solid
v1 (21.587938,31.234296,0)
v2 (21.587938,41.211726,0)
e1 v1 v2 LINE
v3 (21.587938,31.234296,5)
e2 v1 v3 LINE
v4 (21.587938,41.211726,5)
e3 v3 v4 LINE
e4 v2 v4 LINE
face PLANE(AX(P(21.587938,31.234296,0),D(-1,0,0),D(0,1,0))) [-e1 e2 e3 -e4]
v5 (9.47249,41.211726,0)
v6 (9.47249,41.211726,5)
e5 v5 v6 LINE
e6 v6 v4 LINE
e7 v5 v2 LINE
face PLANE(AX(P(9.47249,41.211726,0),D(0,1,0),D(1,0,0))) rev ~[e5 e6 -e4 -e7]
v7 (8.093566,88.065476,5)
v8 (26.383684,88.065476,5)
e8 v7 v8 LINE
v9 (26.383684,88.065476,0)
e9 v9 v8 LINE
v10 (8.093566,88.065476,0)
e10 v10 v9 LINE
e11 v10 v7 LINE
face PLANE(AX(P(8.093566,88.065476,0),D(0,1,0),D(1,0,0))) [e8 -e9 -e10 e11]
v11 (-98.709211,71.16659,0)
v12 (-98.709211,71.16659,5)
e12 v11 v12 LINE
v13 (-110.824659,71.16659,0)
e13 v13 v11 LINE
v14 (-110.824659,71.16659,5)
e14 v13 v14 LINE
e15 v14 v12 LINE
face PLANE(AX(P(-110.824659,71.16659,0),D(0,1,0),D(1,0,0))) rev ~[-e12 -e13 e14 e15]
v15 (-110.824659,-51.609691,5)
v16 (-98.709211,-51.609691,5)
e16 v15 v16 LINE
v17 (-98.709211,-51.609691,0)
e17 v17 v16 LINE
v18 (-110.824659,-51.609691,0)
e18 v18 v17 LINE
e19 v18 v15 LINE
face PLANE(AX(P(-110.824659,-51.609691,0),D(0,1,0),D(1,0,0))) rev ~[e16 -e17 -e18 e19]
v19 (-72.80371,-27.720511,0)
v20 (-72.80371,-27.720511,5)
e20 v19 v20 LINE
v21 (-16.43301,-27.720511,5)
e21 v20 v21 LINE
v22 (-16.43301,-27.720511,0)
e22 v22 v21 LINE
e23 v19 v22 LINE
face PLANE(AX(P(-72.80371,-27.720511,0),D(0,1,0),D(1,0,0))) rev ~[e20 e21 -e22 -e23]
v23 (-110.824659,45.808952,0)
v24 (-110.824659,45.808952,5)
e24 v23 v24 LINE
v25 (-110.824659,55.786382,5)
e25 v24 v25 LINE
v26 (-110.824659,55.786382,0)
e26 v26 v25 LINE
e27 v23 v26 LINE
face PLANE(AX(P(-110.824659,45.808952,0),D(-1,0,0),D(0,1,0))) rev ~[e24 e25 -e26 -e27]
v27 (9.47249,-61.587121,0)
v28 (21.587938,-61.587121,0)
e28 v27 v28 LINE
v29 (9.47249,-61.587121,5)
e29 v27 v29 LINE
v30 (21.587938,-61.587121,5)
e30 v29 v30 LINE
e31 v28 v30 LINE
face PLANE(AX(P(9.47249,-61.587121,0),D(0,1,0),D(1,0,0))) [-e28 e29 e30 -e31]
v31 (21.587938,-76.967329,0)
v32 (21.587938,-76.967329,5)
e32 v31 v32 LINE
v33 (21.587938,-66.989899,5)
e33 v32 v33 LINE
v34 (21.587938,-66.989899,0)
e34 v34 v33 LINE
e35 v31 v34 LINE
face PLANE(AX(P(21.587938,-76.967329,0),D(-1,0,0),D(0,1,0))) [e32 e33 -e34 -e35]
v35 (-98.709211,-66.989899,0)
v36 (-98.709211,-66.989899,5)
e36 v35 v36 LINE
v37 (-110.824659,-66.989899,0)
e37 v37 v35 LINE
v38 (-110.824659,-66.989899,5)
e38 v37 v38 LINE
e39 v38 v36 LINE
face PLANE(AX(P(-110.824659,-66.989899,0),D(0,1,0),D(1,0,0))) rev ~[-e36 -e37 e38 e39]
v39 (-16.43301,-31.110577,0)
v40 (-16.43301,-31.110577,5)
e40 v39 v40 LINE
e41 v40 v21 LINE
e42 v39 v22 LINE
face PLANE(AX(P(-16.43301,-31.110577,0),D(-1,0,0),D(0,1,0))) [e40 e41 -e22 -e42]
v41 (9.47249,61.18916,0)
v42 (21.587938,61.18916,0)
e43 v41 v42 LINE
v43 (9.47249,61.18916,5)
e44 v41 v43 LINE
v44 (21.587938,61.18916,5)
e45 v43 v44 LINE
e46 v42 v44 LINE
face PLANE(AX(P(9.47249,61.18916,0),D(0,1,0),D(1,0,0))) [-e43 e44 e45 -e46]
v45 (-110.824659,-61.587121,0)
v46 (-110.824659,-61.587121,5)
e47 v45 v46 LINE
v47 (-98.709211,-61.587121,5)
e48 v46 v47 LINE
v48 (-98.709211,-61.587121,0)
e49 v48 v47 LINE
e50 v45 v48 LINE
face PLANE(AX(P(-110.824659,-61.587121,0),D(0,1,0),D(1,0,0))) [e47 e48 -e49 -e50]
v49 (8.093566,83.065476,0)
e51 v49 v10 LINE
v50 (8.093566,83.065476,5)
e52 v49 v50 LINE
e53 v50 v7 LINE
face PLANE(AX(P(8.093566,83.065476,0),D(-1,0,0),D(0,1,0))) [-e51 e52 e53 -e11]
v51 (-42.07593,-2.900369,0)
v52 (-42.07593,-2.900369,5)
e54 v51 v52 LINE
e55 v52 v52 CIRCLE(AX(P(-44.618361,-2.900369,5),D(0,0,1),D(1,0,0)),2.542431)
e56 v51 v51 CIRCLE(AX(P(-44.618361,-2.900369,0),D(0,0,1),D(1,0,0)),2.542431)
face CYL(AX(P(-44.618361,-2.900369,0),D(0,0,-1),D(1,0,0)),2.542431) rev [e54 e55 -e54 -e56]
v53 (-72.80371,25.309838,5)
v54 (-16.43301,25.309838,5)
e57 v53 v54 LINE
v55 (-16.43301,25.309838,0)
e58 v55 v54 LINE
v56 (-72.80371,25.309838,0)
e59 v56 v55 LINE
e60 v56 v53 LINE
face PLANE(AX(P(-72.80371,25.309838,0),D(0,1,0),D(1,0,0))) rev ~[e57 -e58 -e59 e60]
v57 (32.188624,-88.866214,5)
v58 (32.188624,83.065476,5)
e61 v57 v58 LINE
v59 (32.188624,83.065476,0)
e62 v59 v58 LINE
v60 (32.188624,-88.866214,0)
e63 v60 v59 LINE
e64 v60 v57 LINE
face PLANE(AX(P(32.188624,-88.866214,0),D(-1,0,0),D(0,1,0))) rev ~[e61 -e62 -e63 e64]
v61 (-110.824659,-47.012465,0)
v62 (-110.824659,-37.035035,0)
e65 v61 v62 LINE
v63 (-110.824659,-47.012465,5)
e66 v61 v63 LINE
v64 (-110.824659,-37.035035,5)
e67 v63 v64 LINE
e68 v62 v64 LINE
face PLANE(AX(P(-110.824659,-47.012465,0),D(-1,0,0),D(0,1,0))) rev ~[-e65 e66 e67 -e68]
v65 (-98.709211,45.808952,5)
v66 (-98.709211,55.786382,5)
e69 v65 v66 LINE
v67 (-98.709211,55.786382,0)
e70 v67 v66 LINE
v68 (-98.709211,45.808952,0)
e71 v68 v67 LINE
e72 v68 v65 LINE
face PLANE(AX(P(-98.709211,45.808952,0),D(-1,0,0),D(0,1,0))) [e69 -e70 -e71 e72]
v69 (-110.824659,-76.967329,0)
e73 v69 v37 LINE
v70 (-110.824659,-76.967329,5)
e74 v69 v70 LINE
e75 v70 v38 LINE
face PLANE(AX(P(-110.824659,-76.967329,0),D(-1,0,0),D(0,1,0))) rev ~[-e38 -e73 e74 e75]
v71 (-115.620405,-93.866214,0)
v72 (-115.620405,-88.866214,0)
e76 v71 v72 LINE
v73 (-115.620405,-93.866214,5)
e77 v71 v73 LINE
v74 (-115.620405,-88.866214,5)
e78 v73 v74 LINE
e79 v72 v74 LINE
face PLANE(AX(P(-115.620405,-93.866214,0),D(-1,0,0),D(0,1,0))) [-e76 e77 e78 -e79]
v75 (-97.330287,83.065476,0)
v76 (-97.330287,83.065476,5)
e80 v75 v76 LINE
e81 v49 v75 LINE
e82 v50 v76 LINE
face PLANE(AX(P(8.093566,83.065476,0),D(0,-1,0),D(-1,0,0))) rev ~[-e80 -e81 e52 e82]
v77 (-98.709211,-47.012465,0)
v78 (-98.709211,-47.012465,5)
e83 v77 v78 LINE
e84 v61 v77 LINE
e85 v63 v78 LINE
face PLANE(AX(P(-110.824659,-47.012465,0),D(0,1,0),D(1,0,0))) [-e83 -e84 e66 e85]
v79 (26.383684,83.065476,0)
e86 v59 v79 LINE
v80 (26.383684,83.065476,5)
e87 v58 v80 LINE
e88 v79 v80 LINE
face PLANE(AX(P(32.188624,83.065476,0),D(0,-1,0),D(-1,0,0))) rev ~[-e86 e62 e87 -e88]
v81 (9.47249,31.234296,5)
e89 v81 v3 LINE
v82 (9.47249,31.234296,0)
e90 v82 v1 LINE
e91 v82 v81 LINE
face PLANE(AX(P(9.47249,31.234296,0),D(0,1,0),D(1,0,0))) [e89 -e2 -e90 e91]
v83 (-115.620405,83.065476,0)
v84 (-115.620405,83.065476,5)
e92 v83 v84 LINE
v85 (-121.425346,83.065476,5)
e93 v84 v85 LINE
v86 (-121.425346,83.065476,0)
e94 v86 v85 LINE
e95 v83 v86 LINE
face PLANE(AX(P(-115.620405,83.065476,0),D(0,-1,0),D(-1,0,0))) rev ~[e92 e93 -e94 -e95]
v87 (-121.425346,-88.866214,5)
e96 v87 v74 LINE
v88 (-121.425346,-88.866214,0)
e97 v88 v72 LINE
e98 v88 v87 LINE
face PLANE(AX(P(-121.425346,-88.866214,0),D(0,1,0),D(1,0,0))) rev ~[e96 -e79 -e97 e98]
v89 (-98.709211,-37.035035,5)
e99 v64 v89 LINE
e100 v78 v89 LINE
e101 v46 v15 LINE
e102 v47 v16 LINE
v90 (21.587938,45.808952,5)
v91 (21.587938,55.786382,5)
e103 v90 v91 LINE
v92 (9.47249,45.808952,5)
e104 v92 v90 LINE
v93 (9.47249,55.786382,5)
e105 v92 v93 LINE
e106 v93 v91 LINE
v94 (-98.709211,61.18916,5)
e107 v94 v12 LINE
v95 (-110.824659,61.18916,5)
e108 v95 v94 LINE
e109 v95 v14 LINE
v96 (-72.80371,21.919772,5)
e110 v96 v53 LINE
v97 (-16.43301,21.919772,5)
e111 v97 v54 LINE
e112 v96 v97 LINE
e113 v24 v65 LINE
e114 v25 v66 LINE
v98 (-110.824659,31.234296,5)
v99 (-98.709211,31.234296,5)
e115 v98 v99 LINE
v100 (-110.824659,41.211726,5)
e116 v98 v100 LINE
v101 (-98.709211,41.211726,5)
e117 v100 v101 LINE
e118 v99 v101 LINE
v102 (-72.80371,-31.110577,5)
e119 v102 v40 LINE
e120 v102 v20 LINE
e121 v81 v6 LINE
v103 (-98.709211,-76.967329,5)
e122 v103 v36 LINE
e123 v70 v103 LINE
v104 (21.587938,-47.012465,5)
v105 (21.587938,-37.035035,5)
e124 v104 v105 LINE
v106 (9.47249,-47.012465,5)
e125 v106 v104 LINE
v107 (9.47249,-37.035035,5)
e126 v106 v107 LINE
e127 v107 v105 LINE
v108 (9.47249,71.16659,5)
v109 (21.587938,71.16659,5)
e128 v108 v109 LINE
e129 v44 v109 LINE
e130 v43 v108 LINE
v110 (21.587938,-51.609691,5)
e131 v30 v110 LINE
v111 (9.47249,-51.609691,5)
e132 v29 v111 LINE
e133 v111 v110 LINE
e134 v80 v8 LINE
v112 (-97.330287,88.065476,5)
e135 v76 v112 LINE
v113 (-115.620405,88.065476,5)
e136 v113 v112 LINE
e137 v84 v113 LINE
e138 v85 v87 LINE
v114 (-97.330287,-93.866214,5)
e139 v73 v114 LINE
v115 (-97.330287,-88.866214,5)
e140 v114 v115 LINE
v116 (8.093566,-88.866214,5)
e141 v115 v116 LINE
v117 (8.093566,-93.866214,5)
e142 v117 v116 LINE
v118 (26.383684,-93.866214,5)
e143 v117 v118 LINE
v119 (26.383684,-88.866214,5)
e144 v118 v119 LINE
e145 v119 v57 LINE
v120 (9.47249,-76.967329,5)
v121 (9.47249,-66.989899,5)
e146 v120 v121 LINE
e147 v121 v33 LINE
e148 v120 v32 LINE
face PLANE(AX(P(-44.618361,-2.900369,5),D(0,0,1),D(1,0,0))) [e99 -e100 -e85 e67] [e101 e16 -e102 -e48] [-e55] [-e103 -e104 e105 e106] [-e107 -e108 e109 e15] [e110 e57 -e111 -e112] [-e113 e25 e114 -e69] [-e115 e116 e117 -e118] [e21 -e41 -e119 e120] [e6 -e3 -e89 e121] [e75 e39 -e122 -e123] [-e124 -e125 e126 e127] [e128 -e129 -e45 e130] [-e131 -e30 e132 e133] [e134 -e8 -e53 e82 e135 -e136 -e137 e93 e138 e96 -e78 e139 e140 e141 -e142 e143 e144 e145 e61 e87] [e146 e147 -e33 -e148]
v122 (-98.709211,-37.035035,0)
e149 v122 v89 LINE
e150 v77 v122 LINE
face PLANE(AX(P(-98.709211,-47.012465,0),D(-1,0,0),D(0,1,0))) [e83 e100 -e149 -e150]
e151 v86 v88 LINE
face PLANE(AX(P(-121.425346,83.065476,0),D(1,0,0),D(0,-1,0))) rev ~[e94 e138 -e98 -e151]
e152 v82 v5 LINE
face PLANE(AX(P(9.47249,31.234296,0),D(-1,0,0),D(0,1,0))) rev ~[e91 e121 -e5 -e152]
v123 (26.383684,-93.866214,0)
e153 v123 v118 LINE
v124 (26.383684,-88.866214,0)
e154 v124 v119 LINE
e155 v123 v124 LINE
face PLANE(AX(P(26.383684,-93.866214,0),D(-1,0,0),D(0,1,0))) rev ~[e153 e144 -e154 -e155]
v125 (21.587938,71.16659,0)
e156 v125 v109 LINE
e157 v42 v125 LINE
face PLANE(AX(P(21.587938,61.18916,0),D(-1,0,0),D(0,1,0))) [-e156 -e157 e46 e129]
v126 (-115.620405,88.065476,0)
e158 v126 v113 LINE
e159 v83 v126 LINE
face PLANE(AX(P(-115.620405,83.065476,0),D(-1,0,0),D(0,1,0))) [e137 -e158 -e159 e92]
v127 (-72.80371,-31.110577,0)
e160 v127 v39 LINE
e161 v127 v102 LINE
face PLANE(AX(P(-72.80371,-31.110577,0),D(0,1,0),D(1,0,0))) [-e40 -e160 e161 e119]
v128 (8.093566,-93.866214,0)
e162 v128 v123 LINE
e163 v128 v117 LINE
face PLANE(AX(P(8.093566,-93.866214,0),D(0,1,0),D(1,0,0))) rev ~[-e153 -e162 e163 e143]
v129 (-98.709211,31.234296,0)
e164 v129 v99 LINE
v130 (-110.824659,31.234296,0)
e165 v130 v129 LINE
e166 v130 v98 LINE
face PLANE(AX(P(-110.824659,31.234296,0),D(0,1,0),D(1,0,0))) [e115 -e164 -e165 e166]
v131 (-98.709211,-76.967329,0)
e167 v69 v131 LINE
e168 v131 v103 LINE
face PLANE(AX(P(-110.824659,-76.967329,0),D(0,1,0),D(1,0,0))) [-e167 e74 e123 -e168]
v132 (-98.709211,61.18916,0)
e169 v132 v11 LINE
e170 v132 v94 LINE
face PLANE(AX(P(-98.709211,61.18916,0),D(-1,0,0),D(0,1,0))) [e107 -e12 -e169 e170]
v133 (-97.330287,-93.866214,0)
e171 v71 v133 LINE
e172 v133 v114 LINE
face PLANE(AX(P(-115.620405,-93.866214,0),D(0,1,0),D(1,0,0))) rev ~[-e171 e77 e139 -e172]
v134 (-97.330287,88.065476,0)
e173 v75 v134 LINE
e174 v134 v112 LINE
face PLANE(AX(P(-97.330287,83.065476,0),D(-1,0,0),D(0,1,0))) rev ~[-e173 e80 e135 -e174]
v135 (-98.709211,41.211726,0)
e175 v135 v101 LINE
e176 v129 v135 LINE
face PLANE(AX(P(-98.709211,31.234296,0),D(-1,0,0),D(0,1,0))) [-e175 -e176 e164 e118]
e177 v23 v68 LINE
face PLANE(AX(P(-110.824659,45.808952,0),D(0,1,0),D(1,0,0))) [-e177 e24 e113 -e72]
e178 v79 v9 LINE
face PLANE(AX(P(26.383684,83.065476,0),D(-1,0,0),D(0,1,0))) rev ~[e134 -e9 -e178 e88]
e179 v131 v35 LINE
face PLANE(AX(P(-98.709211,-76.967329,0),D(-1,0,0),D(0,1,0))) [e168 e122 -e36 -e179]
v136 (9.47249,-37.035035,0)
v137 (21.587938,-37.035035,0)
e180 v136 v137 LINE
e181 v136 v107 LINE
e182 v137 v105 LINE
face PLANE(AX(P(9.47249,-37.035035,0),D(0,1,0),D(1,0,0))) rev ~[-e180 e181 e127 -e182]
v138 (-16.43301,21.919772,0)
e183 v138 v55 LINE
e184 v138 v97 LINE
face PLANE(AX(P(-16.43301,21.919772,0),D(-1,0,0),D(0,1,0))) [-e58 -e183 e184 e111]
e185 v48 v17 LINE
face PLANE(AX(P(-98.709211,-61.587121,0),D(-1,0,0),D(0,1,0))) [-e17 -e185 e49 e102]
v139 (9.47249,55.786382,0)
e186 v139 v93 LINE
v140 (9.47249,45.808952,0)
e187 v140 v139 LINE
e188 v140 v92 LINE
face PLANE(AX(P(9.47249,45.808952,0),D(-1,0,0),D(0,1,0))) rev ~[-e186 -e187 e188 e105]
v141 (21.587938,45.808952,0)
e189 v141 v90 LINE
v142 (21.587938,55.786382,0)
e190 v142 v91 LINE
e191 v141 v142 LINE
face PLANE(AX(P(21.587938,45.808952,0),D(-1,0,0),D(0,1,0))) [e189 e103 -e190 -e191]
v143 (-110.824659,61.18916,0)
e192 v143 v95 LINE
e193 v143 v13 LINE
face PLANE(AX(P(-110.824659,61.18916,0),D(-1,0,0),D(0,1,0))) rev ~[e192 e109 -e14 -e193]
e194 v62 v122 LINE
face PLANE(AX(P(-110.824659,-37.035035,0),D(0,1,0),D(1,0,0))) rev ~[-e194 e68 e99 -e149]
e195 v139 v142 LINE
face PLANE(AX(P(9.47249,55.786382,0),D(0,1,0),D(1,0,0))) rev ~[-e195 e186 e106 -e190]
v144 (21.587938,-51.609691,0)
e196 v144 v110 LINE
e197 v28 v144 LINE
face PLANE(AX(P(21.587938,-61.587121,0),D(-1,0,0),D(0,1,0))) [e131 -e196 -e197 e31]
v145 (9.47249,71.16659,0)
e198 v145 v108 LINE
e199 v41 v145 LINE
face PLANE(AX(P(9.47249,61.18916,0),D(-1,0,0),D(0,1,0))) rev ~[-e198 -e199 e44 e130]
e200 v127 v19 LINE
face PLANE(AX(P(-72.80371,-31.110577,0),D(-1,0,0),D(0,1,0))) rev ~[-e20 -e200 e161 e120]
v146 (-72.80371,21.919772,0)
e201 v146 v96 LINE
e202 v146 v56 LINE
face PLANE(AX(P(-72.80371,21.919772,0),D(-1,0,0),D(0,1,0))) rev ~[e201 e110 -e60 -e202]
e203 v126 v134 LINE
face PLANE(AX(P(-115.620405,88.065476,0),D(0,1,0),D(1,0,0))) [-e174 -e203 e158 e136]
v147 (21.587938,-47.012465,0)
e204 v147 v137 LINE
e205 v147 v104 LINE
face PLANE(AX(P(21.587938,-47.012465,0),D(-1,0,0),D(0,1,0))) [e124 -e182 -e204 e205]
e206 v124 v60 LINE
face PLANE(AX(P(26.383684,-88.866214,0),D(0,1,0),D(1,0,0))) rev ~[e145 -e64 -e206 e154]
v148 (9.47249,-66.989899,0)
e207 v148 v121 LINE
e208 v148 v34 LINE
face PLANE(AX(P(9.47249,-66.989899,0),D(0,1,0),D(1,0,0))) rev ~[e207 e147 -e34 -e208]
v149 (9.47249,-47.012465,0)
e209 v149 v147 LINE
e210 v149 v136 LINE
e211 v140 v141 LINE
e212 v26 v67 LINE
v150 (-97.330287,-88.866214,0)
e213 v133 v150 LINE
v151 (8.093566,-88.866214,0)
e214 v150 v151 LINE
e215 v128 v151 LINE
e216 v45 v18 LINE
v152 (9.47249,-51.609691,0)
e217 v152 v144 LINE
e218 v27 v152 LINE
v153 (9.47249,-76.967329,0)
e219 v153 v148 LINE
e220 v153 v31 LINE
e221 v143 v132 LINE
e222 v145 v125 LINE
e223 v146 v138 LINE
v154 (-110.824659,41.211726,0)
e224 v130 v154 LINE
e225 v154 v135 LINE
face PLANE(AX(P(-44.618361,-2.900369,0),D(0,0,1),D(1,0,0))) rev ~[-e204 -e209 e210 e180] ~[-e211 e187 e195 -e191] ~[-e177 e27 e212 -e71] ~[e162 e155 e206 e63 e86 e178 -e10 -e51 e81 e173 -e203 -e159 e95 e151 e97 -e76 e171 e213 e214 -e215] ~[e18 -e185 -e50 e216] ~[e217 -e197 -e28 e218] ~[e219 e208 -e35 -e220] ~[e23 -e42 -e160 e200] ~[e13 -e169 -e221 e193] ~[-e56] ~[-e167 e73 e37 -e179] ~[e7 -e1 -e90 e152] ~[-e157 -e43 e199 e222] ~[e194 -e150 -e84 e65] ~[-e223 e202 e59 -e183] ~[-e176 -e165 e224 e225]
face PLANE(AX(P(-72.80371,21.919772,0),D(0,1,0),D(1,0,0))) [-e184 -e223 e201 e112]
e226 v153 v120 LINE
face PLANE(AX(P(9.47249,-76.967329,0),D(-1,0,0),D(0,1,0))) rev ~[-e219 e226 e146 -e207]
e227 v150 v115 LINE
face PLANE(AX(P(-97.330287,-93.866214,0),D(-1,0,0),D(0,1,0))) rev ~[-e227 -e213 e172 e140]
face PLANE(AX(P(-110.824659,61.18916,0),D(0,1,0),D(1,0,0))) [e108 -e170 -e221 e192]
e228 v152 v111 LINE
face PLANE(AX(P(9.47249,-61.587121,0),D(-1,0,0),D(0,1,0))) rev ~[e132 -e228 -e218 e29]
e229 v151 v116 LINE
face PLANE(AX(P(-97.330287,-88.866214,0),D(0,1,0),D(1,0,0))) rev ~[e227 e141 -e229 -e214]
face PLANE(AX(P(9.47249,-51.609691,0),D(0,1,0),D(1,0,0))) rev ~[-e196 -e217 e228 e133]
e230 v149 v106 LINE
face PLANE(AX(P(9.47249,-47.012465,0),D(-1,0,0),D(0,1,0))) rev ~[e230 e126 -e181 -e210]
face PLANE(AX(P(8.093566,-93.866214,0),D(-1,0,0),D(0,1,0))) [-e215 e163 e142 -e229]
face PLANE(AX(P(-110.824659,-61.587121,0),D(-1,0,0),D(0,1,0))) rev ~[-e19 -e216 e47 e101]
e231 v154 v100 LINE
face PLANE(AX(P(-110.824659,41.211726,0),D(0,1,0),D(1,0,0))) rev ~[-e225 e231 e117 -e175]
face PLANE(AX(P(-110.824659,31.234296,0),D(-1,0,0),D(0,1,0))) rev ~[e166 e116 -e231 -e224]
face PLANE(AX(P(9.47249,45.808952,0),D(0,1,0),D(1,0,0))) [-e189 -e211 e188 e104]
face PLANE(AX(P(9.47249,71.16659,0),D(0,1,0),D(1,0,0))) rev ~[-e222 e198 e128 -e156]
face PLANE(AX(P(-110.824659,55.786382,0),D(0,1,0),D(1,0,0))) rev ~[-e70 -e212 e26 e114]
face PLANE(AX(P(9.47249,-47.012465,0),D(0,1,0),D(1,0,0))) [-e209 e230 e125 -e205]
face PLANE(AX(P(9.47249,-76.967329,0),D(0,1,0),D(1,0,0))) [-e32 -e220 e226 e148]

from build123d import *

# Parameters (mm, degrees)
F0_W     = 12.115448
F0_H     = 9.97743
F0_W_2   = 56.370701
F0_H_2   = 3.390066
F0_R     = 2.542431
F0_W_3   = 18.290117
F0_H_3   = 5
F1_DEPTH = 5


with BuildPart() as f1:
    # F0 (on Top) → F1 (new body)
    with BuildSketch(Plane.XY):
        Polygon((-115.620404, 83.065476), (-121.425346, 83.065476), (-121.425346, -88.866214), (-115.620404, -88.866214), (-97.330287, -88.866214), (8.093566, -88.866214), (26.383683, -88.866214), (32.188624, -88.866214), (32.188624, 83.065476), (26.383683, 83.065476), (8.093566, 83.065476), (-91.525346, 83.065476), (-97.330287, 83.065476), align=None)
        with Locations((-104.766935, -71.978614)):
            Rectangle(F0_W, F0_H, mode=Mode.SUBTRACT)
        with Locations((-104.766935, -56.598406)):
            Rectangle(F0_W, F0_H, mode=Mode.SUBTRACT)
        with Locations((-104.766935, -42.02375)):
            Rectangle(F0_W, F0_H, mode=Mode.SUBTRACT)
        with Locations((15.530214, -71.978614)):
            Rectangle(F0_W, F0_H, mode=Mode.SUBTRACT)
        with Locations((15.530214, -56.598406)):
            Rectangle(F0_W, F0_H, mode=Mode.SUBTRACT)
        with Locations((-44.61836, -29.415544)):
            Rectangle(F0_W_2, F0_H_2, mode=Mode.SUBTRACT)
        with Locations((15.530214, -42.02375)):
            Rectangle(F0_W, F0_H, mode=Mode.SUBTRACT)
        with Locations((-104.766935, 36.223011)):
            Rectangle(F0_W, F0_H, mode=Mode.SUBTRACT)
        with Locations((-104.766935, 50.797667)):
            Rectangle(F0_W, F0_H, mode=Mode.SUBTRACT)
        with Locations((-104.766935, 66.177875)):
            Rectangle(F0_W, F0_H, mode=Mode.SUBTRACT)
        with Locations((-44.618361, -2.900369)):
            Circle(F0_R, mode=Mode.SUBTRACT)
        with Locations((-44.61836, 23.614805)):
            Rectangle(F0_W_2, F0_H_2, mode=Mode.SUBTRACT)
        with Locations((15.530214, 36.223011)):
            Rectangle(F0_W, F0_H, mode=Mode.SUBTRACT)
        with Locations((15.530214, 50.797667)):
            Rectangle(F0_W, F0_H, mode=Mode.SUBTRACT)
        with Locations((15.530214, 66.177875)):
            Rectangle(F0_W, F0_H, mode=Mode.SUBTRACT)
        with Locations((-106.475346, 85.565476)):
            Rectangle(F0_W_3, F0_H_3)
        with Locations((-106.475346, -91.366214)):
            Rectangle(F0_W_3, F0_H_3)
        with Locations((17.238625, -91.366214)):
            Rectangle(F0_W_3, F0_H_3)
        with Locations((17.238625, 85.565476)):
            Rectangle(F0_W_3, F0_H_3)
    extrude(amount=F1_DEPTH)


solid = f1.part
